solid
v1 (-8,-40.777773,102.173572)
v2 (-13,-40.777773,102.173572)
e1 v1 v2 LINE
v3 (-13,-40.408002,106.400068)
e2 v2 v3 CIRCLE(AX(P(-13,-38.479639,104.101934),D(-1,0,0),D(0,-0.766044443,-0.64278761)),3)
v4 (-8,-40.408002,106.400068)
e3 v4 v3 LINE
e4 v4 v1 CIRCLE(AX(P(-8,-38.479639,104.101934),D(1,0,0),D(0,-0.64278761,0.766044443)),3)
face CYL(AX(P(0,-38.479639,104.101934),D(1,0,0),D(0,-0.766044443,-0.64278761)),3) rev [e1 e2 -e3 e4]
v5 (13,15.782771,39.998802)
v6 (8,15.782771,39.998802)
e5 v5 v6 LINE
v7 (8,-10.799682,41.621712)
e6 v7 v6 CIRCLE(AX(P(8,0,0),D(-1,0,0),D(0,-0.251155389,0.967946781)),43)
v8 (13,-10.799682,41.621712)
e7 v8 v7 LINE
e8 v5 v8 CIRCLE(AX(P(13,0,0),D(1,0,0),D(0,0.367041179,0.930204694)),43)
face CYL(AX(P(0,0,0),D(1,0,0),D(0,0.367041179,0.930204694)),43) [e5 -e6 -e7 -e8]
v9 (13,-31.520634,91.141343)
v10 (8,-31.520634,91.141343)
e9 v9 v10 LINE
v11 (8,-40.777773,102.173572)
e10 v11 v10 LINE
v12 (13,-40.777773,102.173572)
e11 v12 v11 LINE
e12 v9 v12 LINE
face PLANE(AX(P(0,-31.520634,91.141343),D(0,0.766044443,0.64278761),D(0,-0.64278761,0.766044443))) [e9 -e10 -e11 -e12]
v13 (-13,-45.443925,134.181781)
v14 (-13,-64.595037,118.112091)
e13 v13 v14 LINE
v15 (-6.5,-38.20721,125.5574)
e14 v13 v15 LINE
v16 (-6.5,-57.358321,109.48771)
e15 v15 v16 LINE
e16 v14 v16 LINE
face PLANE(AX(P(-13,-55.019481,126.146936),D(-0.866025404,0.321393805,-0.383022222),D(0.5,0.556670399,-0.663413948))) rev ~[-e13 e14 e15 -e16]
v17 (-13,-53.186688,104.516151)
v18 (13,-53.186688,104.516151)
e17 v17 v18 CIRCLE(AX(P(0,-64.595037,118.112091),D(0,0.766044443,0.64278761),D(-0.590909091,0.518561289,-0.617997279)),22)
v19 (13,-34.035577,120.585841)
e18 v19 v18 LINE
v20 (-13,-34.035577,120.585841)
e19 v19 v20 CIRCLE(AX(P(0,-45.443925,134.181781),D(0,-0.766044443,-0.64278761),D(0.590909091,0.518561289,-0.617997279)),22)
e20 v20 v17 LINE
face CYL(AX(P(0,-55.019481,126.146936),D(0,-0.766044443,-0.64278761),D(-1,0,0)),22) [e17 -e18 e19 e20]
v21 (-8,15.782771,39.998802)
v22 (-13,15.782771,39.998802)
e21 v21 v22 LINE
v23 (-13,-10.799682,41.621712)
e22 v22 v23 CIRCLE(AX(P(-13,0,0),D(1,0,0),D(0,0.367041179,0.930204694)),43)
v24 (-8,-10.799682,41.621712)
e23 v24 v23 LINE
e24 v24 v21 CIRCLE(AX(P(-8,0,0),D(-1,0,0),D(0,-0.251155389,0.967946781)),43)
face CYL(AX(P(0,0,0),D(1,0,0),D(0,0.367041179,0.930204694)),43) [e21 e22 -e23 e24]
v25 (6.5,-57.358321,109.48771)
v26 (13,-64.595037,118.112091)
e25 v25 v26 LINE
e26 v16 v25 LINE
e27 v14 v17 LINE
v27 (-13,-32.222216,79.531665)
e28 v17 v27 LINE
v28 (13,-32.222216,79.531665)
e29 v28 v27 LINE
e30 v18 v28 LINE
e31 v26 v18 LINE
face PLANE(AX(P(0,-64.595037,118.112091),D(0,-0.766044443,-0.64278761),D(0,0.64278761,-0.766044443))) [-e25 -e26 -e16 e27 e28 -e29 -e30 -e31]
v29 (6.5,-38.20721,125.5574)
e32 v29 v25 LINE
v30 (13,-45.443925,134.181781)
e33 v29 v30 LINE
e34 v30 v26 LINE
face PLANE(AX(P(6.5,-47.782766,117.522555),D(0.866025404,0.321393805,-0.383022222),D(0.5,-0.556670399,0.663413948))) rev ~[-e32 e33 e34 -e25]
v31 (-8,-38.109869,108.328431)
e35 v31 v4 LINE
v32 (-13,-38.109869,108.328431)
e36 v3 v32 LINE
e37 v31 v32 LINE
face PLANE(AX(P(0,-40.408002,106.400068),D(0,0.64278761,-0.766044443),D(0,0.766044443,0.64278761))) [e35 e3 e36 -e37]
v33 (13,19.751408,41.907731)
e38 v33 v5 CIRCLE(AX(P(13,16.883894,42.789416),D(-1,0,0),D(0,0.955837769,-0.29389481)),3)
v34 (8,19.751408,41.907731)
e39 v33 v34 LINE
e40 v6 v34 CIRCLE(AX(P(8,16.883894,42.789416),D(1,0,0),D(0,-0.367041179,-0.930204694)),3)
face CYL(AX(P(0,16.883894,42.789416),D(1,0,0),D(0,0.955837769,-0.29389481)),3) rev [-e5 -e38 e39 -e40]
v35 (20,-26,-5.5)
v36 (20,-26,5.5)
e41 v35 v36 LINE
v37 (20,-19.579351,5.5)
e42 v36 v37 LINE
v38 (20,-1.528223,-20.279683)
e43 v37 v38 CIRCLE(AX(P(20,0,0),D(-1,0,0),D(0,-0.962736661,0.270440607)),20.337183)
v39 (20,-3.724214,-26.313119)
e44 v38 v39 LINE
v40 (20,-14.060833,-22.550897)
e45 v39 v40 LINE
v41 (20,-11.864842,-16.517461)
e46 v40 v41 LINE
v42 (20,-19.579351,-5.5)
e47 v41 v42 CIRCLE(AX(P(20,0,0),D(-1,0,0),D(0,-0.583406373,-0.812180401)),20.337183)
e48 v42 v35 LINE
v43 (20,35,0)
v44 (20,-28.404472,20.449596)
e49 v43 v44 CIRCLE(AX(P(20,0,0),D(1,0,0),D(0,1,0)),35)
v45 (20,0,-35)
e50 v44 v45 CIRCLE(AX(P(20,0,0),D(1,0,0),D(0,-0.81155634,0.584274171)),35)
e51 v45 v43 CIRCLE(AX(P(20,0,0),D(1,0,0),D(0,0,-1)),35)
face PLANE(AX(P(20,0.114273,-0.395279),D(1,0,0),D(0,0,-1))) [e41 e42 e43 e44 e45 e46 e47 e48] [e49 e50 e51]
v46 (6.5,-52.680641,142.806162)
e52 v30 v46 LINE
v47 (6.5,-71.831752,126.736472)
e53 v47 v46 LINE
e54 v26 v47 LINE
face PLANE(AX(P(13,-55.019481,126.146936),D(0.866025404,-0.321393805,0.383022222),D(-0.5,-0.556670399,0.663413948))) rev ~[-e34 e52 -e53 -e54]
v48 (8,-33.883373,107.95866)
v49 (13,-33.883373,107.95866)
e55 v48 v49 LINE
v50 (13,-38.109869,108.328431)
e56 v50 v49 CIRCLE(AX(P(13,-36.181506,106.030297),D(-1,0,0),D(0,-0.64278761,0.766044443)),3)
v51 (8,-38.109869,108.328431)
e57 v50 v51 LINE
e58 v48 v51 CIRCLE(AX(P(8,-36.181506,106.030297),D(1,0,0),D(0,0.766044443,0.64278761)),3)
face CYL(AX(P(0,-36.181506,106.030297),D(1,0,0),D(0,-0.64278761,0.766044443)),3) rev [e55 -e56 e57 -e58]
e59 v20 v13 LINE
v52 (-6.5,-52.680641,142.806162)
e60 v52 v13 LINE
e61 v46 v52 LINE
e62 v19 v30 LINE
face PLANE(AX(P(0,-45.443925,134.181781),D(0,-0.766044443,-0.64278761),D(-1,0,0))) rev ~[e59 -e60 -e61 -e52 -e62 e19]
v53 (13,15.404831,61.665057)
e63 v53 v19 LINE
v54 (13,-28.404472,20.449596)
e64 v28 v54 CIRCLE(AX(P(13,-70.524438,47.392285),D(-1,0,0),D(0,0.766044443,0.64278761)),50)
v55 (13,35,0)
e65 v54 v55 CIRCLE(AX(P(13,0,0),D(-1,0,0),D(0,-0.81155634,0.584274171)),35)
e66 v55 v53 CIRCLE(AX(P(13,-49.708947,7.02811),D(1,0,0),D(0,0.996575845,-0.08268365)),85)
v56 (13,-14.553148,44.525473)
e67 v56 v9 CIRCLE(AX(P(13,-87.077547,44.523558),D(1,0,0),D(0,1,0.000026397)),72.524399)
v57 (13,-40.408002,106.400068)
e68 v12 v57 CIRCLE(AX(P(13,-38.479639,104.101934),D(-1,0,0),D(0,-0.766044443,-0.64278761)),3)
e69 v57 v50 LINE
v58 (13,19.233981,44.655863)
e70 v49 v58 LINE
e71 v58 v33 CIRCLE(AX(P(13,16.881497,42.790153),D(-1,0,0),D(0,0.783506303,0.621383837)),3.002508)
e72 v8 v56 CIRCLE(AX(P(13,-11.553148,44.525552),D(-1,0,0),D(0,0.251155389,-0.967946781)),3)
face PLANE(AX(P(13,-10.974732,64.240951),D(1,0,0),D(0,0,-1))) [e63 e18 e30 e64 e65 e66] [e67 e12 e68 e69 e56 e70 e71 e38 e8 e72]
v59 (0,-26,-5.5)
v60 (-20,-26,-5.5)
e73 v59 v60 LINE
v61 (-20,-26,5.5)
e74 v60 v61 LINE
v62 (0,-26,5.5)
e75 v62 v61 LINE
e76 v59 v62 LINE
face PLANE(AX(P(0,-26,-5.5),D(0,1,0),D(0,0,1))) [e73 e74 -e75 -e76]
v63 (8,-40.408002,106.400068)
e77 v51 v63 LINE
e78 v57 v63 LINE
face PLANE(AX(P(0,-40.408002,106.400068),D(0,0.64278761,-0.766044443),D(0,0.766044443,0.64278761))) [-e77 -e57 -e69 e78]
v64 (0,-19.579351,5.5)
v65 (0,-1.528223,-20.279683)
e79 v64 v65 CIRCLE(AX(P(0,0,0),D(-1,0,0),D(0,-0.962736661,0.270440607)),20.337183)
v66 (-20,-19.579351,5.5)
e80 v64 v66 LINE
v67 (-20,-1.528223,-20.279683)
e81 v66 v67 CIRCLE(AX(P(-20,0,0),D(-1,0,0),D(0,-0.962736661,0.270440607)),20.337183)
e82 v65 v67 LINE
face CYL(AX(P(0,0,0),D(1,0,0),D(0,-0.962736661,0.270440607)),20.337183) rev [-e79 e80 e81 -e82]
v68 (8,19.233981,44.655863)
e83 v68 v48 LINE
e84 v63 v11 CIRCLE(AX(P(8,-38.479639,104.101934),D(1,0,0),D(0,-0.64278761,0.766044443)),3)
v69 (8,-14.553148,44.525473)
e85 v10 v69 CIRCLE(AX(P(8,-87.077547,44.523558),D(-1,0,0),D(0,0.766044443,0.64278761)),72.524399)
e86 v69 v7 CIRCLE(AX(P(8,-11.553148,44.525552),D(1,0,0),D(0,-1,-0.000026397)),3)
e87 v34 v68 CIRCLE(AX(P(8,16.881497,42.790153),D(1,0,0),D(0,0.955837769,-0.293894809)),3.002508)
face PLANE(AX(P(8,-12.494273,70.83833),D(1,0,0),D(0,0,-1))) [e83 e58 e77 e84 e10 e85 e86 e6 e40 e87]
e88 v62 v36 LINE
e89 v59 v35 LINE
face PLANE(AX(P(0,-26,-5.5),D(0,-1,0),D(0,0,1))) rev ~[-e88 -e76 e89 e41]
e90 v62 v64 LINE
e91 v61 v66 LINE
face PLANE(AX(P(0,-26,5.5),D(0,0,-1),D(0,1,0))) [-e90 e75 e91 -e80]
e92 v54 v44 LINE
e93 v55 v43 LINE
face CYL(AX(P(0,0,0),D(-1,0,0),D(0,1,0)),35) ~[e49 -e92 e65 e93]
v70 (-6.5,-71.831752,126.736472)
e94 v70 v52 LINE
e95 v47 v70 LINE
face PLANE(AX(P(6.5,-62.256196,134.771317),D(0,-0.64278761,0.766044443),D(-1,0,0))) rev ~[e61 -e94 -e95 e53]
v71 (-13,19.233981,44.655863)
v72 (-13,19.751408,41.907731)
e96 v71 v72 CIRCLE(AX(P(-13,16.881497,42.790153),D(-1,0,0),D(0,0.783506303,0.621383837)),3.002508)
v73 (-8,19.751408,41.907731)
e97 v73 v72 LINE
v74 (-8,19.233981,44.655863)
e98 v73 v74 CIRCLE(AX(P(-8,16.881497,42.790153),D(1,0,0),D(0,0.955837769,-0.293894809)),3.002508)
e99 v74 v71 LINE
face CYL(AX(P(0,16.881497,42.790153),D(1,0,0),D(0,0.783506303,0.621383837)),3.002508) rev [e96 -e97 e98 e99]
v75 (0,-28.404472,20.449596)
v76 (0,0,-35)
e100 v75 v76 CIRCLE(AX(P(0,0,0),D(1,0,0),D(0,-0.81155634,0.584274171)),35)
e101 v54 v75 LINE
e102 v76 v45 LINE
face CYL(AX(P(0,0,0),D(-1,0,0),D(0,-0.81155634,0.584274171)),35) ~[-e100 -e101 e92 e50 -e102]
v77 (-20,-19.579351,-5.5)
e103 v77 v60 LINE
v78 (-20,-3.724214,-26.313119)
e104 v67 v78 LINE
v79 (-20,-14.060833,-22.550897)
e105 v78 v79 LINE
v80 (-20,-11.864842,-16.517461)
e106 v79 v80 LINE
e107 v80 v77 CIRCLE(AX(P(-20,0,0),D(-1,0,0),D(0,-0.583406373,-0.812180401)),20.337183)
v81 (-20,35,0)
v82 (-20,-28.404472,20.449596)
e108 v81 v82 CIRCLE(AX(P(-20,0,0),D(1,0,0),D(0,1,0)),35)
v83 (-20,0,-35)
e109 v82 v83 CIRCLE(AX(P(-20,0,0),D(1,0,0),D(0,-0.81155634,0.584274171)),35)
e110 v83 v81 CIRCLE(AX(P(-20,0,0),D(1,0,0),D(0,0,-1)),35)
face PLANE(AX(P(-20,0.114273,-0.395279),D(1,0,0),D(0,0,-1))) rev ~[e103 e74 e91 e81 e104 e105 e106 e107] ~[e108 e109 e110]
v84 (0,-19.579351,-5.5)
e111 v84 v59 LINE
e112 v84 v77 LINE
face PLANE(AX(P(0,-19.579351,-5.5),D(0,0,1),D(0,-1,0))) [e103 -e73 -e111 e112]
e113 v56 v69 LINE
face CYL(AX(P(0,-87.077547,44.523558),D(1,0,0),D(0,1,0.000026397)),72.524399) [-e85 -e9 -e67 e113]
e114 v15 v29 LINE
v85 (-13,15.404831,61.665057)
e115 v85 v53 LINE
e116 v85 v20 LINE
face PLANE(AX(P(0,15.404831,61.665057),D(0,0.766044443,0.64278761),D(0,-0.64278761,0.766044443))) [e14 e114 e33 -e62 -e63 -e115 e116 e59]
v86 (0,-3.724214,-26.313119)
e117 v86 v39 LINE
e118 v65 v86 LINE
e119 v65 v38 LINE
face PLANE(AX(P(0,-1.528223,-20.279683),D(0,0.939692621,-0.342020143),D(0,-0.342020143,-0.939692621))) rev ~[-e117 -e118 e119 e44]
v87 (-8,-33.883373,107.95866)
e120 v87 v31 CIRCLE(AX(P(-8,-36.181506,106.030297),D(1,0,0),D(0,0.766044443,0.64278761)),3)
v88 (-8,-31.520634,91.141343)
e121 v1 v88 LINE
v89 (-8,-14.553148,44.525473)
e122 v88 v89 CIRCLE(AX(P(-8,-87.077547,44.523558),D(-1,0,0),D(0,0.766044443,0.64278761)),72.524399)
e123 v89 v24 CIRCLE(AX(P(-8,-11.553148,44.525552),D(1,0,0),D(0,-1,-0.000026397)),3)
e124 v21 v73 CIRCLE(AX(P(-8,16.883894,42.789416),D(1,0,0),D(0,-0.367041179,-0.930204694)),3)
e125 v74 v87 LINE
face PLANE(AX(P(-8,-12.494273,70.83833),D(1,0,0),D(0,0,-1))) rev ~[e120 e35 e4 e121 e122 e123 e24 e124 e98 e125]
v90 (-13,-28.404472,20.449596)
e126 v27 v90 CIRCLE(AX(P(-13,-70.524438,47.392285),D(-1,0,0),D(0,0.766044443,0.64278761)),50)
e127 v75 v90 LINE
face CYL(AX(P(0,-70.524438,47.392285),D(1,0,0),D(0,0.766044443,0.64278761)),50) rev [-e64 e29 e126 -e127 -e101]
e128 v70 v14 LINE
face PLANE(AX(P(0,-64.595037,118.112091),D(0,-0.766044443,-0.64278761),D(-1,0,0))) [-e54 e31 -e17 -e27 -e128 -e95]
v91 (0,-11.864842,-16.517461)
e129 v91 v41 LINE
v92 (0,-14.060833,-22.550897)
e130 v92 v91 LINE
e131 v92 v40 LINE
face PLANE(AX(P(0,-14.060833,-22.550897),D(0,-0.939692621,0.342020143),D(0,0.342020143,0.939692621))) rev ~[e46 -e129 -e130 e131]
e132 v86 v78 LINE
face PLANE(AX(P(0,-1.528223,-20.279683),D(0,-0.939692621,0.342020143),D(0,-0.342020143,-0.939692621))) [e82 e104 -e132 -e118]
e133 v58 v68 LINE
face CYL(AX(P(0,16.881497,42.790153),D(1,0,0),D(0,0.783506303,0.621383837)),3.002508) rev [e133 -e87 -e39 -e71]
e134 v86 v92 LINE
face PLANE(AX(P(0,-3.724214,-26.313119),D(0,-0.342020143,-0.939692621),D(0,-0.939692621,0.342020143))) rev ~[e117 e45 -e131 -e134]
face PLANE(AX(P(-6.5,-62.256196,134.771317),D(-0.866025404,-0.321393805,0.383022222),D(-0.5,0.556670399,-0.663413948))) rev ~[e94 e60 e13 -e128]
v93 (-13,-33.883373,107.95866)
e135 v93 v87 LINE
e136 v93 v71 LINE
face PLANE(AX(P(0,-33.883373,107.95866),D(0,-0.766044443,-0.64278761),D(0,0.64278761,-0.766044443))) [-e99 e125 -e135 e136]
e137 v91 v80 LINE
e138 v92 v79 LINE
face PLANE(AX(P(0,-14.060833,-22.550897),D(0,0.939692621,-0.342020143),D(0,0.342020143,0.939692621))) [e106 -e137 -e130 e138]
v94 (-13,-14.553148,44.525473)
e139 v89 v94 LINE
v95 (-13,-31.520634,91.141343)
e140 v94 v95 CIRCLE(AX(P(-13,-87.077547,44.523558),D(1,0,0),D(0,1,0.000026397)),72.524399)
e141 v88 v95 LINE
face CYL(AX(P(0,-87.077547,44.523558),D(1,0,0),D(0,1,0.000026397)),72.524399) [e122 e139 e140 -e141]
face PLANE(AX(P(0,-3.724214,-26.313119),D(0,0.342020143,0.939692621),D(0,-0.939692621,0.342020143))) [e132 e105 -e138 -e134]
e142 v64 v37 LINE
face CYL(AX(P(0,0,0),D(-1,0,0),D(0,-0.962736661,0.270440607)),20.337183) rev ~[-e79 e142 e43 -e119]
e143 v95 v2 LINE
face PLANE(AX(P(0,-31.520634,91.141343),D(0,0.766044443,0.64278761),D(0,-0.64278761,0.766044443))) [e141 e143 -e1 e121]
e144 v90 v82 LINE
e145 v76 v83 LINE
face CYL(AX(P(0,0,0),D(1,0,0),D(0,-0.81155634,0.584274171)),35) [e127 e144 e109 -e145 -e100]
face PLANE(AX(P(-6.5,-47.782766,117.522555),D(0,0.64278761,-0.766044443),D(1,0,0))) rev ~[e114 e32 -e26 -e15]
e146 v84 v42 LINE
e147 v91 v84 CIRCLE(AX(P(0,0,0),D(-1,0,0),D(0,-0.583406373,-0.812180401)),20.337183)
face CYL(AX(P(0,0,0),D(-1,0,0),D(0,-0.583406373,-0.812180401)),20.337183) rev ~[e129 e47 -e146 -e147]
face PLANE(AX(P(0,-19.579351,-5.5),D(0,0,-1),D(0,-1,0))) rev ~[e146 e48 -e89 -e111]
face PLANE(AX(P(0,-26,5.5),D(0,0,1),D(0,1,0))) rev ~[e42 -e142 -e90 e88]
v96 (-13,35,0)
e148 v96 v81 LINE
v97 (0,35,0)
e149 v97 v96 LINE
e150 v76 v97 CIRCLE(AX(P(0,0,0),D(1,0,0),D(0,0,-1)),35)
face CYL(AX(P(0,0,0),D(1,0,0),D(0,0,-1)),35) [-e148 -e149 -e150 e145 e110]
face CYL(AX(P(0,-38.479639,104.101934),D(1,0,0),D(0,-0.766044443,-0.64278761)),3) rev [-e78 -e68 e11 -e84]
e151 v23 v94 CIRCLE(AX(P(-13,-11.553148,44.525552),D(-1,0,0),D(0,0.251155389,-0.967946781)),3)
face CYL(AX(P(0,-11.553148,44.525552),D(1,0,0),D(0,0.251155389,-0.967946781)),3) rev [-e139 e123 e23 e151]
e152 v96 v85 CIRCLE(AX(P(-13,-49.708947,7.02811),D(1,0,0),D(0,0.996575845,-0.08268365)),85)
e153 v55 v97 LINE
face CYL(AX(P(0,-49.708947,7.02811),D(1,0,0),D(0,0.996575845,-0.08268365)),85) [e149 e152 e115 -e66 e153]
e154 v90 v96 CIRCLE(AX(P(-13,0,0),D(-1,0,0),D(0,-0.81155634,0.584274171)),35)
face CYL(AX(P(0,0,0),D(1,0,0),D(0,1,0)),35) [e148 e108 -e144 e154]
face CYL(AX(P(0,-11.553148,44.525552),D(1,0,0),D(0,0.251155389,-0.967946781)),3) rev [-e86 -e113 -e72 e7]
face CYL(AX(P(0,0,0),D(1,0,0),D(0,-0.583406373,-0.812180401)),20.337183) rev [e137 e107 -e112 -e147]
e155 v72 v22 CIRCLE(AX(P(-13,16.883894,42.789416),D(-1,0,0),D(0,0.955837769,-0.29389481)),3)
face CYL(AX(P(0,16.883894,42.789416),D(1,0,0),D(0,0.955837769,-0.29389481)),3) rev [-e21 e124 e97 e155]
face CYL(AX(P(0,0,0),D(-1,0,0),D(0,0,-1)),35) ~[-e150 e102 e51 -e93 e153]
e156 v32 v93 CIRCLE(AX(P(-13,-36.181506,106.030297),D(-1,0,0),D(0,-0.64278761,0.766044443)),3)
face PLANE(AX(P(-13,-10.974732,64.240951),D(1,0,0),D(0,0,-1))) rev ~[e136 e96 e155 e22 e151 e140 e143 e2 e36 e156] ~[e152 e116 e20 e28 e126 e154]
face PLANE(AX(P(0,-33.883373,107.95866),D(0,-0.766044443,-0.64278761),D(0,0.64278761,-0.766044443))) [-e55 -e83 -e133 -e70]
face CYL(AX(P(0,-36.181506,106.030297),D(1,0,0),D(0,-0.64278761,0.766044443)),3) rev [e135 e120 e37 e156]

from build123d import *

# Parameters (mm, degrees)
BOSS_EXTRUDE2_DEPTH = 13
BOSS_EXTRUDE3_DEPTH = 20
BOSS_EXTRUDE4_DEPTH = 8
SKETCH2_R           = 22
BOSS_EXTRUDE5_DEPTH = 12.5
CUT_EXTRUDE1_DEPTH  = 12.5


with BuildPart() as part:
    # Sketch1 → Boss-Extrude2 (new, symmetric)
    with BuildSketch(Plane(origin=(0, 0, 0), x_dir=(0, 0, -1), z_dir=(1, 0, 0))):
        with BuildLine():
            ThreePointArc((0, 35), (-32.769963209, 31.299429366), (-61.665057093, 15.404830876))
            Line((-61.665057093, 15.404830876), (-134.181781084, -45.443925478))
            Line((-134.181781084, -45.443925478), (-118.112090842, -64.595036556))
            Line((-118.112090842, -64.595036556), (-79.531665184, -32.222215616))
            ThreePointArc((-79.531665184, -32.222215616), (-50.616442429, -20.628497988), (-20.449595974, -28.40447191))
            ThreePointArc((-20.449595974, -28.40447191), (-33.310332608, 10.743451102), (0, 35))
        make_face()
        with BuildLine():
            Line((-107.958660037, -33.883372594), (-44.65586319, 19.233980892))
            ThreePointArc((-44.65586319, 19.233980892), (-43.34571286, 19.832159244), (-41.9077315, 19.751407541))
            ThreePointArc((-41.9077315, 19.751407541), (-40.085906415, 18.184292753), (-39.998801846, 15.782770696))
            ThreePointArc((-39.998801846, 15.782770696), (-42.92008559, 2.620353591), (-41.621711579, -10.799681718))
            ThreePointArc((-41.621711579, -10.799681718), (-42.152723603, -13.388818271), (-44.52547273, -14.553147883))
            ThreePointArc((-44.52547273, -14.553147883), (-69.329263161, -18.927231696), (-91.141343442, -31.520634046))
            Line((-91.141343442, -31.520634046), (-102.17357155, -40.777772582))
            ThreePointArc((-102.17357155, -40.777772582), (-104.363401607, -41.468223347), (-106.400067708, -40.408002082))
            Line((-106.400067708, -40.408002082), (-108.328430537, -38.109868752))
            ThreePointArc((-108.328430537, -38.109868752), (-109.018881302, -35.920038695), (-107.958660037, -33.883372594))
        make_face(mode=Mode.SUBTRACT)
    extrude(amount=BOSS_EXTRUDE2_DEPTH, both=True)

    # Sketch1<4> → Boss-Extrude3 (add, symmetric)
    with BuildSketch(Plane(origin=(0, 0, 0), x_dir=(0, 0, -1), z_dir=(1, 0, 0))):
        with BuildLine():
            ThreePointArc((35, 0), (24.748737342, 24.748737342), (0, 35))
            ThreePointArc((0, 35), (-33.310332608, 10.743451102), (-20.449595974, -28.40447191))
            ThreePointArc((-20.449595974, -28.40447191), (15.957194943, -31.150729198), (35, 0))
        make_face()
        with BuildLine():
            Line((26.313118929, -3.724214312), (22.550897352, -14.060833141))
            Line((22.550897352, -14.060833141), (16.517461106, -11.864841937))
            ThreePointArc((16.517461106, -11.864841937), (11.664928714, -16.659244691), (5.5, -19.579351255))
            Line((5.5, -19.579351255), (5.5, -26))
            Line((5.5, -26), (-5.5, -26))
            Line((-5.5, -26), (-5.5, -19.579351255))
            ThreePointArc((-5.5, -19.579351255), (-11.664928714, 16.659244691), (20.279682682, -1.528223108))
            Line((20.279682682, -1.528223108), (26.313118929, -3.724214312))
        make_face(mode=Mode.SUBTRACT)
    extrude(amount=BOSS_EXTRUDE3_DEPTH, both=True)

    # Sketch1<5> → Boss-Extrude4 (add, symmetric)
    with BuildSketch(Plane(origin=(0, 0, 0), x_dir=(0, 0, -1), z_dir=(1, 0, 0))):
        with BuildLine():
            ThreePointArc((-41.9077315, 19.751407541), (-43.34571286, 19.832159244), (-44.65586319, 19.233980892))
            Line((-44.65586319, 19.233980892), (-107.958660037, -33.883372594))
            ThreePointArc((-107.958660037, -33.883372594), (-109.018881302, -35.920038695), (-108.328430537, -38.109868752))
            Line((-108.328430537, -38.109868752), (-106.400067708, -40.408002082))
            ThreePointArc((-106.400067708, -40.408002082), (-104.363401607, -41.468223347), (-102.17357155, -40.777772582))
            Line((-102.17357155, -40.777772582), (-91.141343442, -31.520634046))
            ThreePointArc((-91.141343442, -31.520634046), (-69.329263161, -18.927231696), (-44.52547273, -14.553147883))
            ThreePointArc((-44.52547273, -14.553147883), (-42.152723603, -13.388818271), (-41.621711579, -10.799681718))
            ThreePointArc((-41.621711579, -10.799681718), (-42.92008559, 2.620353591), (-39.998801846, 15.782770696))
            ThreePointArc((-39.998801846, 15.782770696), (-40.085906415, 18.184292753), (-41.9077315, 19.751407541))
        make_face()
    extrude(amount=BOSS_EXTRUDE4_DEPTH, both=True)

    # Sketch2 → Boss-Extrude5 (add, symmetric)
    with BuildSketch(Plane(origin=(0, 29.828483461, 25.029069471), x_dir=(-1, 0, 0), z_dir=(0, -0.7660444431189768, -0.6427876096865408))):
        with Locations((0, -132)):
            Circle(SKETCH2_R)
        Polygon((6.5, -120.741669751), (-6.5, -120.741669751), (-13, -132), (-6.5, -143.258330249), (6.5, -143.258330249), (13, -132), align=None, mode=Mode.SUBTRACT)
    extrude(amount=BOSS_EXTRUDE5_DEPTH, both=True)

    # Sketch2<2> → Cut-Extrude1 (cut, symmetric)
    with BuildSketch(Plane(origin=(0, 29.828483461, 25.029069471), x_dir=(-1, 0, 0), z_dir=(0, -0.7660444431189768, -0.6427876096865408))):
        Polygon((13, -132), (6.5, -120.741669751), (-6.5, -120.741669751), (-13, -132), (-6.5, -143.258330249), (6.5, -143.258330249), align=None)
    extrude(amount=CUT_EXTRUDE1_DEPTH, both=True, mode=Mode.SUBTRACT)


solid = part.part
